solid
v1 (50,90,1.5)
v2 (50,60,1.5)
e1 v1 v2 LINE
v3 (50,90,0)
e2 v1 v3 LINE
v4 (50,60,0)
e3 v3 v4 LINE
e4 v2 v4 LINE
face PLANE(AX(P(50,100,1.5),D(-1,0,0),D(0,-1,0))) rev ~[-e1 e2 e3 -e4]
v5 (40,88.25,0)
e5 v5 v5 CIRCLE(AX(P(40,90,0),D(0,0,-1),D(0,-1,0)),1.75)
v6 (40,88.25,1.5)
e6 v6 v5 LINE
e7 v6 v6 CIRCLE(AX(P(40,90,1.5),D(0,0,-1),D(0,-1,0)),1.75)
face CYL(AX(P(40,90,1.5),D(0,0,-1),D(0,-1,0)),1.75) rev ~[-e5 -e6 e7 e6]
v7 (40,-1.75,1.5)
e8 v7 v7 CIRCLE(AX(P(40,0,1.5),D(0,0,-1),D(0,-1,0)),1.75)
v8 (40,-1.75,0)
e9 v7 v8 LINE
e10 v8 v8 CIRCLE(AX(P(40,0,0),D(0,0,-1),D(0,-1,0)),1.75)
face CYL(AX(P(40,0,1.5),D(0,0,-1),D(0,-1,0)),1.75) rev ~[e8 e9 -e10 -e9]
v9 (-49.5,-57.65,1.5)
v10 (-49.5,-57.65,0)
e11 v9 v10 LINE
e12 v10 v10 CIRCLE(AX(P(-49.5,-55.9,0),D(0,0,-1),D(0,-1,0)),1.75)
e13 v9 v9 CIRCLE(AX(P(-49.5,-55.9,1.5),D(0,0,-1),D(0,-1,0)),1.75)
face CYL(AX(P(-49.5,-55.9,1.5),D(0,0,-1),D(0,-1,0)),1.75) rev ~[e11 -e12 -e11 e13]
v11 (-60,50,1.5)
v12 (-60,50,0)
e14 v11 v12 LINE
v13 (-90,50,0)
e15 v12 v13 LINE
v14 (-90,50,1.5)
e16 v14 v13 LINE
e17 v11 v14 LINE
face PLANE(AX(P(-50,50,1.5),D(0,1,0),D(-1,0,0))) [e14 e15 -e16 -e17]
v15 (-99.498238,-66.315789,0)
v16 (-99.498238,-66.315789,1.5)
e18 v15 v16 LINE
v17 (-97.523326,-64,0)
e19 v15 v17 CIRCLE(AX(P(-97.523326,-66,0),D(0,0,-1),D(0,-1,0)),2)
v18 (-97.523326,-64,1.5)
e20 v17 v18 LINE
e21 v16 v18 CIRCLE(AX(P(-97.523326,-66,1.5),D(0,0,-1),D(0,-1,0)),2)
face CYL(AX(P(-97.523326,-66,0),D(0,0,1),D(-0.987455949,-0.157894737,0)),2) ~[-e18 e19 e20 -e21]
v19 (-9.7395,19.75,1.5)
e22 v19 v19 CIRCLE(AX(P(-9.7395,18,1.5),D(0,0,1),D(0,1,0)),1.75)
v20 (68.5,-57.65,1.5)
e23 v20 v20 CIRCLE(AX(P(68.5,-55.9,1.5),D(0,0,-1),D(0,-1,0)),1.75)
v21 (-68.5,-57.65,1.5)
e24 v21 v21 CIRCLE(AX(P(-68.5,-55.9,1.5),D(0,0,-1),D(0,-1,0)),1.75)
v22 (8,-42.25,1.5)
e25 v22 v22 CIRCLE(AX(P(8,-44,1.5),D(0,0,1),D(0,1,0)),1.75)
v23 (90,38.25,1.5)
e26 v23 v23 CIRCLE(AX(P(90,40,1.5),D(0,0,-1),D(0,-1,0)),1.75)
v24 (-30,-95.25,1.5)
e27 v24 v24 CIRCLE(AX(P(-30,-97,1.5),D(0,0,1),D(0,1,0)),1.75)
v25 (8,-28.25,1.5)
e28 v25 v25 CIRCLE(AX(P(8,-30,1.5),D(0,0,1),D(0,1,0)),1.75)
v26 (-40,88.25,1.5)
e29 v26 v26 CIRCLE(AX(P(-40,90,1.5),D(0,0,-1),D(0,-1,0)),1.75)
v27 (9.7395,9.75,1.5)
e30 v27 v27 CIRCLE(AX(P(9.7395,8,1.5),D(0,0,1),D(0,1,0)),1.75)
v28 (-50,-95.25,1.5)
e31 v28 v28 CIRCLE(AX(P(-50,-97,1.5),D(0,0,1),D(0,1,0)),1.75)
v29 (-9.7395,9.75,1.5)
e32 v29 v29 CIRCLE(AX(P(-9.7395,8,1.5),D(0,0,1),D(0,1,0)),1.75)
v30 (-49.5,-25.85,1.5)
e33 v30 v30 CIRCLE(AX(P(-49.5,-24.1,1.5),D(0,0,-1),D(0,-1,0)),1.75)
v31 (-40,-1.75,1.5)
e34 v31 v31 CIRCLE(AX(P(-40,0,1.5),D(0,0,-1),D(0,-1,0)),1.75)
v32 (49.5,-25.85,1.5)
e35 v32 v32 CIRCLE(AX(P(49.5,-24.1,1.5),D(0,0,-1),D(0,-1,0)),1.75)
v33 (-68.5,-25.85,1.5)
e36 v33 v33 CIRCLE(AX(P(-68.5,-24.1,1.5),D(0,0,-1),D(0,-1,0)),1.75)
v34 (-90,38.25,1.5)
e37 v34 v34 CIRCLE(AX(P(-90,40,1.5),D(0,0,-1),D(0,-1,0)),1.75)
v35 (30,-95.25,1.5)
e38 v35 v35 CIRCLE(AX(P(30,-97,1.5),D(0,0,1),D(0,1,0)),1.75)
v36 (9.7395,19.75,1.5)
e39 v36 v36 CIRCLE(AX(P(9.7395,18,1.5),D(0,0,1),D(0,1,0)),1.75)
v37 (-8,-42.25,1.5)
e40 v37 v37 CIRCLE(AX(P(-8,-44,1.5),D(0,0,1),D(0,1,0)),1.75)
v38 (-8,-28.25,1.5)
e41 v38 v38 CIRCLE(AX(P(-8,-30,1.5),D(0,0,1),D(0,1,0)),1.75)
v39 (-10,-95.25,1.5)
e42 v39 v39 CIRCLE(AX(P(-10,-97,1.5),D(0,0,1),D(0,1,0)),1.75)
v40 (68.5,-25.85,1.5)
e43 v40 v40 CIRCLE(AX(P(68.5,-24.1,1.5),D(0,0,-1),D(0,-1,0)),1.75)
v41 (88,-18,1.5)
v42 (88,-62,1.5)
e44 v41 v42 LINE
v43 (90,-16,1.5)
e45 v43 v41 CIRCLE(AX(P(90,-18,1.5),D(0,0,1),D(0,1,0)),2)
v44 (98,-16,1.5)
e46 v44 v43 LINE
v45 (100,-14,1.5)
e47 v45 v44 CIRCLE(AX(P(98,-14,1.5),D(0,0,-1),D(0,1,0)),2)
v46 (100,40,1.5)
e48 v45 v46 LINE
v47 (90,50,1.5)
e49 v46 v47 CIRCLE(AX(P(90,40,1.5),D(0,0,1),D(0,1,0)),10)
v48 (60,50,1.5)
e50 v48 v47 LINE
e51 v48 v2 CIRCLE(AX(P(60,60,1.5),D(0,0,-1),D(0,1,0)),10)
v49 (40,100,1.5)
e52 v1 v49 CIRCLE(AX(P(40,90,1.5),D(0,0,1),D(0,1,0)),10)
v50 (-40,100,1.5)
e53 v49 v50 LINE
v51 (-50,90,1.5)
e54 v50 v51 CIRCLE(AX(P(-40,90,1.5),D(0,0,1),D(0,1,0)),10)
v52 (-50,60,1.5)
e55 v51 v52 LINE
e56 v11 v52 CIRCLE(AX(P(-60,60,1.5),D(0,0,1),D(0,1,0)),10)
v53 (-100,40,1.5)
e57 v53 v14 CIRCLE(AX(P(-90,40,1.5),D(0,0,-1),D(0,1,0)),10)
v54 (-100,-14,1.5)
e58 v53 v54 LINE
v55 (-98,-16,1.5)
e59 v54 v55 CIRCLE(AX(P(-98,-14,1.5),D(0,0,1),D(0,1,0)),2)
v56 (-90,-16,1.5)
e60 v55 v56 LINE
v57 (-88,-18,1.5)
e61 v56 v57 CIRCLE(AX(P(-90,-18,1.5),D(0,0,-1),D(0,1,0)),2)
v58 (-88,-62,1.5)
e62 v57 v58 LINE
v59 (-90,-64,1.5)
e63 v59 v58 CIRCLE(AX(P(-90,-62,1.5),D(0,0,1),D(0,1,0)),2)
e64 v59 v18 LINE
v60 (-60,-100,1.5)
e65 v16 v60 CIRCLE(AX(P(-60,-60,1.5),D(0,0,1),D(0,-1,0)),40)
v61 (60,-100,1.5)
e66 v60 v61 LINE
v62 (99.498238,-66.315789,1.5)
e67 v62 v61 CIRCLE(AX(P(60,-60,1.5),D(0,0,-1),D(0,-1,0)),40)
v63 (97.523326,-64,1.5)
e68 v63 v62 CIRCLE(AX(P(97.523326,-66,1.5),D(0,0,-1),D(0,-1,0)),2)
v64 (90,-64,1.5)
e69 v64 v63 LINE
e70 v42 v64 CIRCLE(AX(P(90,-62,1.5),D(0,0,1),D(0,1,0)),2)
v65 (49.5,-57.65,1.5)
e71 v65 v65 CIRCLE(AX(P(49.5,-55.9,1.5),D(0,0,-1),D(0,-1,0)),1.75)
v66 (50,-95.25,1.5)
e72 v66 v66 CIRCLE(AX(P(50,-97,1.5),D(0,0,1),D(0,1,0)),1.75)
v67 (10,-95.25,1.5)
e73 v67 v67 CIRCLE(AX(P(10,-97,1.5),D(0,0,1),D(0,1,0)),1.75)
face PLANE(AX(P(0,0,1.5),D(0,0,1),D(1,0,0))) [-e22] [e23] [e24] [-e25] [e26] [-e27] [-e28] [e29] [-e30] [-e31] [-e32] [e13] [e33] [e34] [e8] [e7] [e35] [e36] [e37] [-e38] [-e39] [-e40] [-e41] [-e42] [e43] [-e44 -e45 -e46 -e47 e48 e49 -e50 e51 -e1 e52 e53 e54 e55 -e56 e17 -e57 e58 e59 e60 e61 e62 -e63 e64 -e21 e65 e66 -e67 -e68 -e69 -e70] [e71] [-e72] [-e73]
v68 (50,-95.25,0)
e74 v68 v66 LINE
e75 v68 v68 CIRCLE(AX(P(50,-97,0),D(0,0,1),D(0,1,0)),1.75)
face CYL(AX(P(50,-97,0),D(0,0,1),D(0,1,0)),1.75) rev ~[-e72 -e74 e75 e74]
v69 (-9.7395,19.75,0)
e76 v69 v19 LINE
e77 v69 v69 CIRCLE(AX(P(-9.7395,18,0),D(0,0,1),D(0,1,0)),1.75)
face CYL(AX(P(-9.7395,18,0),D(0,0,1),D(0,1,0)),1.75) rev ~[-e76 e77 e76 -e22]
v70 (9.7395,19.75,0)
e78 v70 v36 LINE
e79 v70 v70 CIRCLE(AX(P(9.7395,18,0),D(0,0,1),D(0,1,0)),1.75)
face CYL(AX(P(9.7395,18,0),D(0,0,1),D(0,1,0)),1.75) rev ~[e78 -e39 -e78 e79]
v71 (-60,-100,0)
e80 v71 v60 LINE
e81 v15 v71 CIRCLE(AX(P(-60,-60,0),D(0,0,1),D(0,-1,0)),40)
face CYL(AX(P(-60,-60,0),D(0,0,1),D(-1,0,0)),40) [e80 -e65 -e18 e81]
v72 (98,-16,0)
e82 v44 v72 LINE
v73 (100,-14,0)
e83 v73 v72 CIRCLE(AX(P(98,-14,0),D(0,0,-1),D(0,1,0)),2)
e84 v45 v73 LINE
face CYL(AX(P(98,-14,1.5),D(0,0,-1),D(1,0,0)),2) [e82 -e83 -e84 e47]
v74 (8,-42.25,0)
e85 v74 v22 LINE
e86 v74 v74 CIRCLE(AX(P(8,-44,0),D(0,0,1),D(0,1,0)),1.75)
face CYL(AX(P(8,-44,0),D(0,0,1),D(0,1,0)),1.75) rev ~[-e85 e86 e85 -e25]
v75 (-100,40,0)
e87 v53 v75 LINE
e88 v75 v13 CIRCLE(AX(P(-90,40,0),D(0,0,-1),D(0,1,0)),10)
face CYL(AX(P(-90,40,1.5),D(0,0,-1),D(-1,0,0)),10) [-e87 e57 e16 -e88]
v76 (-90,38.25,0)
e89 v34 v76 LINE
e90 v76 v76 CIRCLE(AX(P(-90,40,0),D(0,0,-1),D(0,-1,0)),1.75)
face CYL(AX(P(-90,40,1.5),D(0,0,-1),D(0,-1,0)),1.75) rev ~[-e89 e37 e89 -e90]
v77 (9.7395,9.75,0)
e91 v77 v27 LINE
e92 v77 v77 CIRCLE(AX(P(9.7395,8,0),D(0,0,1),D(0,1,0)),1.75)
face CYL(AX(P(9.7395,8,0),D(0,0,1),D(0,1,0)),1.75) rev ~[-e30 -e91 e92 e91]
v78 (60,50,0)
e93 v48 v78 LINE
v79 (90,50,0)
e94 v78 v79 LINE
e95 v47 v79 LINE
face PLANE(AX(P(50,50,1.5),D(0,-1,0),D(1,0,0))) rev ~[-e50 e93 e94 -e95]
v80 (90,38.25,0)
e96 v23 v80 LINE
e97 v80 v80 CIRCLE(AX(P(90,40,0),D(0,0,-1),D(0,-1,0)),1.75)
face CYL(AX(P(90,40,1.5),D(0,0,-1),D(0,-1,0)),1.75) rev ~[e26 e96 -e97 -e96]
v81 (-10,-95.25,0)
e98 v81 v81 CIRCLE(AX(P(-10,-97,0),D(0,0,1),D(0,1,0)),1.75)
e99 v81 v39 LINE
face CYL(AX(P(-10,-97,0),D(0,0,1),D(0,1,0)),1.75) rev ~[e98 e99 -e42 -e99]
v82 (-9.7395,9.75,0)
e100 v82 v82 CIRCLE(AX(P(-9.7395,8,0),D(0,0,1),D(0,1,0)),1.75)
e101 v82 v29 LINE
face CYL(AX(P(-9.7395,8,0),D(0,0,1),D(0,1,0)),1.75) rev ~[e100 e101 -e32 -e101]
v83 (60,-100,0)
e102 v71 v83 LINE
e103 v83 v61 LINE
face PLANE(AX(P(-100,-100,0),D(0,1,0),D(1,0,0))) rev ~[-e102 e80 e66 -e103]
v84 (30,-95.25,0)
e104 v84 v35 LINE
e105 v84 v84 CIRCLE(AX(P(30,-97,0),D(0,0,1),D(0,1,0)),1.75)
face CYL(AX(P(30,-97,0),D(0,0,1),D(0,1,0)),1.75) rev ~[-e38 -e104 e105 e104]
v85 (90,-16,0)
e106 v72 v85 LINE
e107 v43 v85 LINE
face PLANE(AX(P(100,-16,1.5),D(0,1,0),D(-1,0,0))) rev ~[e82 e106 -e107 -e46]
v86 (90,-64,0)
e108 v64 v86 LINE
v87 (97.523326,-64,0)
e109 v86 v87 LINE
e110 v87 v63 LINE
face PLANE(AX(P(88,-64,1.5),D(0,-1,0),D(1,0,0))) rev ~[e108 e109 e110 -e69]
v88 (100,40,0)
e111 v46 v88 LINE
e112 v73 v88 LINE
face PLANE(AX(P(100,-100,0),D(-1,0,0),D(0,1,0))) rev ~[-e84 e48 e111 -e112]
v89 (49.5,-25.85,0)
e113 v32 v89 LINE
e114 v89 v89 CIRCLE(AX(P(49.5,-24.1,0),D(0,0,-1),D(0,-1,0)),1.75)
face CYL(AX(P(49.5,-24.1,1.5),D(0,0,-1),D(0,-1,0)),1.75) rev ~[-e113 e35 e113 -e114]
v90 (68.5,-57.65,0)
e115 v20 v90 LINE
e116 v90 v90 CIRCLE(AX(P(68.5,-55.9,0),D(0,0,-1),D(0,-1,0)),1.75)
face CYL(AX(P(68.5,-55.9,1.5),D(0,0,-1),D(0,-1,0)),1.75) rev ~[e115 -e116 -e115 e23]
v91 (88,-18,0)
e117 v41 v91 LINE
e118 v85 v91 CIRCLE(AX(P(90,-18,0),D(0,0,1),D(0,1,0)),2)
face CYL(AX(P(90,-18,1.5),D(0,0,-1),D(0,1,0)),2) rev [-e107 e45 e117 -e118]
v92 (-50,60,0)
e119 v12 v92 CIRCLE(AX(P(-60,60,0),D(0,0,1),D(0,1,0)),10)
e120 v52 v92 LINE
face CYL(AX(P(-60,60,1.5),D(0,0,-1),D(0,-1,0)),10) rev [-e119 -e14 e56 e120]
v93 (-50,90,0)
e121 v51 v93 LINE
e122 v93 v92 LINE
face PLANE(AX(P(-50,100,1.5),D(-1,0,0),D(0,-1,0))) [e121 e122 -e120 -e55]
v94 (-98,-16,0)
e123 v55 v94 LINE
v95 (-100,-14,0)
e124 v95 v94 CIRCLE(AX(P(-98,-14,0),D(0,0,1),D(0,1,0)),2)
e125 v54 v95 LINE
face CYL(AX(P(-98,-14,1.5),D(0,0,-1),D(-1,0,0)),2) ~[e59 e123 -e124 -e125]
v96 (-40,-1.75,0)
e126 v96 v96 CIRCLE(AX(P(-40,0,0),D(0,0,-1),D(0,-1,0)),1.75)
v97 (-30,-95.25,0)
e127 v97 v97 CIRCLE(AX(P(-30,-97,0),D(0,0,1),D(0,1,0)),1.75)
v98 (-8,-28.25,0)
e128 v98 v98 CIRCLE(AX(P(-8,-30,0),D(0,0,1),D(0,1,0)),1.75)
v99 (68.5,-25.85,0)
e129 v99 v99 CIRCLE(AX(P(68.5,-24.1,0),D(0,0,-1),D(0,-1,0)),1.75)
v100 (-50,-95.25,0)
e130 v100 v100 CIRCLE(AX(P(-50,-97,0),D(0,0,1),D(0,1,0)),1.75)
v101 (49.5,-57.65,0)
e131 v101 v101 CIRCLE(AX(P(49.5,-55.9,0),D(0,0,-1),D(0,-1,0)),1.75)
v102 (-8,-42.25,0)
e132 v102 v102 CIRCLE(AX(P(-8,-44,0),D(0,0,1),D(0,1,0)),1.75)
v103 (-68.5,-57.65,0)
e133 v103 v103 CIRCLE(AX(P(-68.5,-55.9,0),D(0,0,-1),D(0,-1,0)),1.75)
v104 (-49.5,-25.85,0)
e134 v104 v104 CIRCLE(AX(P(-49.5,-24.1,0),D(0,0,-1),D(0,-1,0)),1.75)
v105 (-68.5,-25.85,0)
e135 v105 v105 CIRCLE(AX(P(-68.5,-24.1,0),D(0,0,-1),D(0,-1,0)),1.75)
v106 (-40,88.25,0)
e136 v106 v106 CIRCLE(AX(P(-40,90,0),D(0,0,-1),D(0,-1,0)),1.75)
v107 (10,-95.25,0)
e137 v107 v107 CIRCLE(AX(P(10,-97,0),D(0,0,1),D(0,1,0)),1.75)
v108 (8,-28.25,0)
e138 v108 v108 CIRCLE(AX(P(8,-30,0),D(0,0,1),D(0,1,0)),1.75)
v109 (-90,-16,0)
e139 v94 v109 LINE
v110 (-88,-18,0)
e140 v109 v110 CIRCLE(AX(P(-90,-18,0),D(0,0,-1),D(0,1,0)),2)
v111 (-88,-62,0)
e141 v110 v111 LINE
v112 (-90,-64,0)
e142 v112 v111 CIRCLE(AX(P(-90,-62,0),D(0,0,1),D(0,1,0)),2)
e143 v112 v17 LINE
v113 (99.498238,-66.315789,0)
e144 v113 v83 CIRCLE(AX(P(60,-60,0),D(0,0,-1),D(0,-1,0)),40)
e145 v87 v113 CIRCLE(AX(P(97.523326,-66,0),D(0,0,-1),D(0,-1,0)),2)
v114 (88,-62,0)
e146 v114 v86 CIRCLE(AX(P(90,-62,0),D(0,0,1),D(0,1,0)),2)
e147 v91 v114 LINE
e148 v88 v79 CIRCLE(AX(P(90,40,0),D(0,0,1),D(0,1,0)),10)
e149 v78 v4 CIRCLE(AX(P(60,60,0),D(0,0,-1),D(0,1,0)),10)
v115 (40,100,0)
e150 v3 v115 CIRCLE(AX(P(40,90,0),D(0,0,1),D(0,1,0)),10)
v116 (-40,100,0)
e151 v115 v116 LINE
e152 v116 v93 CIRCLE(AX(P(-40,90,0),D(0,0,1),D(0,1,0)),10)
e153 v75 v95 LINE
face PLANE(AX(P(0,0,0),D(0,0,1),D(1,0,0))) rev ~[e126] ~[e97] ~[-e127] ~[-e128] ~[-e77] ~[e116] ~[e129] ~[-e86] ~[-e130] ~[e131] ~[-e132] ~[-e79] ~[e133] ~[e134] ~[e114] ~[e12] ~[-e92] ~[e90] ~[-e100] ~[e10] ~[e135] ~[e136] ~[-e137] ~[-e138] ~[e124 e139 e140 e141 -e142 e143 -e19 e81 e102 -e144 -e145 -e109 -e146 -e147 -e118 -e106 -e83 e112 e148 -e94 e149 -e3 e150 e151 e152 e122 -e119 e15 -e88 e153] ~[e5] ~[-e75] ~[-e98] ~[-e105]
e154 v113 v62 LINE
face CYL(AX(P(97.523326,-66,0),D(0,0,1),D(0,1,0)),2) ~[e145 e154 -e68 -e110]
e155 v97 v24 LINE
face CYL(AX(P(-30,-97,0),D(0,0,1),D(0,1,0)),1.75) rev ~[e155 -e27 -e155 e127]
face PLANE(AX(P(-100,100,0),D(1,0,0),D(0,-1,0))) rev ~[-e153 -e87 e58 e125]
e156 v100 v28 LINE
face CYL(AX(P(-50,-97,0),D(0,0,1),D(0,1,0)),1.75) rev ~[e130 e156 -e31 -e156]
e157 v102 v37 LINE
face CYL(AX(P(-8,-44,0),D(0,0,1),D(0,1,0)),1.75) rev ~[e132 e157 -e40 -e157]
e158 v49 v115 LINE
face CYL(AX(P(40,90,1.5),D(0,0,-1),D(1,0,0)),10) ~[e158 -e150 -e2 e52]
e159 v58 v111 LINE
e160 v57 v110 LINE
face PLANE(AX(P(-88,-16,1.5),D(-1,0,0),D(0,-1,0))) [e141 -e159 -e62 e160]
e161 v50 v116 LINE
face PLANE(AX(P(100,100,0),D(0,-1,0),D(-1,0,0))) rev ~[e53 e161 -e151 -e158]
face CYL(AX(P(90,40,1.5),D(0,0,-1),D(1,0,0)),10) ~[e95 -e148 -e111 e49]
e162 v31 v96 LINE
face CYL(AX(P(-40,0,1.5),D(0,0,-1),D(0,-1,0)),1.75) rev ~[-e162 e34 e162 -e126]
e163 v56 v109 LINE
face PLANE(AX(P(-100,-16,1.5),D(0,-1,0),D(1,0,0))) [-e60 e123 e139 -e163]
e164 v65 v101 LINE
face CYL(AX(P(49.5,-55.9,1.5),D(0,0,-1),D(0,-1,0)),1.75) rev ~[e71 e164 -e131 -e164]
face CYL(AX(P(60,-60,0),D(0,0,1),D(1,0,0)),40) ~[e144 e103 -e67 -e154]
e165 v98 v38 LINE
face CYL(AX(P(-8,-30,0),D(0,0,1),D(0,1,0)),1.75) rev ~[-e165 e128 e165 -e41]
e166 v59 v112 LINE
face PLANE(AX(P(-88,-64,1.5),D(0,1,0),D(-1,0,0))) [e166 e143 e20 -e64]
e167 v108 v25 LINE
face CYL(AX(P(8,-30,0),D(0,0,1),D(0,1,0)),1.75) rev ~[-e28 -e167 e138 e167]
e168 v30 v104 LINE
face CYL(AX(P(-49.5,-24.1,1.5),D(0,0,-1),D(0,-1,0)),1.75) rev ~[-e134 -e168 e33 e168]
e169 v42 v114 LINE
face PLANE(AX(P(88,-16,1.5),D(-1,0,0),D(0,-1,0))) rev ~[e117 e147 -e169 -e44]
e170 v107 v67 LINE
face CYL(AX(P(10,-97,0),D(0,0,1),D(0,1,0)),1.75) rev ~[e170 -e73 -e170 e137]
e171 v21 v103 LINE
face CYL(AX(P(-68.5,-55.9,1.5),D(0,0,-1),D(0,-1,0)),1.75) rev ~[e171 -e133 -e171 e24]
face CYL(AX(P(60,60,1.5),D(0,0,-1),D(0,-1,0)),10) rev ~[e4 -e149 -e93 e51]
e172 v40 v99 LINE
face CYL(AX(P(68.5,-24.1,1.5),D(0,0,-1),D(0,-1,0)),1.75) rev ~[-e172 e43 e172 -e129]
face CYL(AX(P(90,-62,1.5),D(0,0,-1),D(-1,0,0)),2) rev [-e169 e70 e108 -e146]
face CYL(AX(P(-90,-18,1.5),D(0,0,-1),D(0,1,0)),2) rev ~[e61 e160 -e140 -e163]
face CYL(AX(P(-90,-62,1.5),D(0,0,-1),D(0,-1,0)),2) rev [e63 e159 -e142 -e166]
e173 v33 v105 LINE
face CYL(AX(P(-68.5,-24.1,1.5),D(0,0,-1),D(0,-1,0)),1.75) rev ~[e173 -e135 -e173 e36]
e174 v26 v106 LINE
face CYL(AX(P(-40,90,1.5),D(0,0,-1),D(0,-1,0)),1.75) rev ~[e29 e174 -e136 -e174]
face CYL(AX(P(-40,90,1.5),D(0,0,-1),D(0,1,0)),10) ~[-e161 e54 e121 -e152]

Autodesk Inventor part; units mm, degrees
ref_plane "YZ Plane" through (0, 0, 0) normal (1, 0, 0) x (0, 1, 0)
ref_plane "XZ Plane" through (0, 0, 0) normal (0, 1, 0) x (-1, 0, 0)
ref_plane "XY Plane" through (0, 0, 0) normal (0, 0, 1) x (1, 0, 0)
sketch "スケッチ1" plane through (0, 0, 0) normal (0, 0, 1) x (1, 0, 0)
  line L0 (-100, -100) -> (100, -100)
  line L1 (100, -100) -> (100, 100)
  line L2 (100, 100) -> (-100, 100)
  line L3 (-100, 100) -> (-100, -100)
  line L4 (-100, -100) -> (100, 100) construction
  line L5 (100, -100) -> (-100, 100) construction
  point P0 (0, 0)
  dimension "d0" = 200
  dimension "d1" = 200
extrude "押し出し1" add sketch "スケッチ1" along normal blind 1.5
fillet "フィレット1" radius 40 2 edges at (-100, -100, 0.75) (100, -100, 0.75)
sketch "スケッチ3" plane through (0, 0, 0) normal (0, 0, -1) x (-1, 0, 0)
  point P0 (0, 0)
sketch "スケッチ4" plane through (0, 0, 1.5) normal (0, 0, 1) x (1, 0, 0)
  line L0 (100, -60) -> (100, 100) projected
  line L1 (100, 100) -> (50, 100)
  line L2 (50, 100) -> (50, 50)
  line L3 (50, 50) -> (100, 50)
  line L4 (100, 50) -> (100, 100)
  line L5 (100, 100) -> (-100, 100) projected
  line L6 (-100, 100) -> (-50, 100)
  line L7 (-50, 100) -> (-50, 50)
  line L8 (-50, 50) -> (-100, 50)
  line L9 (-100, 50) -> (-100, 100)
  point P0 (0, 0)
  dimension "d13" = 50
  dimension "d14" = 50
  dimension "d15" = 50
  dimension "d16" = 50
extrude "押し出し2" cut sketch "スケッチ4" against normal through all
sketch "スケッチ5" plane through (0, 0, 1.5) normal (0, 0, 1) x (1, 0, 0)
  line L0 (-100, 50) -> (-100, -60) projected
  line L1 (-88, -64) -> (-100, -64)
  line L2 (-100, -64) -> (-100, -16)
  line L3 (-100, -16) -> (-88, -16)
  line L4 (-88, -16) -> (-88, -64)
  line L5 (-60, -100) -> (60, -100) projected
  line L6 (100, -60) -> (100, 50) projected
  line L7 (88, -64) -> (100, -64)
  line L8 (100, -64) -> (100, -16)
  line L9 (100, -16) -> (88, -16)
  line L10 (88, -16) -> (88, -64)
  point P0 (0, 0)
  dimension "d19" = 12
  dimension "d20" = 36
  dimension "d21" = 48
  dimension "d24" = 36
  dimension "d25" = 48
  dimension "d26" = 12
extrude "押し出し3" cut sketch "スケッチ5" against normal through all
fillet "フィレット2" radius 2 8 edges at (99.7995, -64, 0.75) (88, -64, 0.75) (100, -16, 0.75) (88, -16, 0.75) (-100, -16, 0.75) (-88, -16, 0.75) (-99.7995, -64, 0.75) (-88, -64, 0.75)
sketch "スケッチ6" plane through (0, 0, 1.5) normal (0, 0, 1) x (1, 0, 0)
  point P0 (0, 0)
fillet "フィレット3" radius 10 6 edges at (50, 100, 0.75) (50, 50, 0.75) (100, 50, 0.75) (-100, 50, 0.75) (-50, 50, 0.75) (-50, 100, 0.75)
sketch "スケッチ7" plane through (0, 0, 1.5) normal (0, 0, 1) x (1, 0, 0)
  line L0 (-100, 40) -> (-100, -14) projected
  line L1 (-60, 50) -> (-90, 50) projected
  line L2 (90, 50) -> (60, 50) projected
  line L3 (100, -14) -> (100, 40) projected
  line L4 (40, 100) -> (-40, 100) projected
  line L5 (50, 60) -> (50, 90) projected
  line L6 (-50, 90) -> (-50, 60) projected
  point P0 (0, 0)
  point P1 (-90, 40)
  point P2 (90, 40)
  point P3 (-40, 90)
  point P4 (40, 90)
  point P5 (40, 0)
  point P6 (-40, 0)
  dimension "d29" = 10
  dimension "d30" = 10
  dimension "d31" = 10
  dimension "d32" = 10
  dimension "d33" = 10
  dimension "d34" = 10
  dimension "d35" = 10
  dimension "d36" = 10
  dimension "d37" = 50
  dimension "d38" = 50
hole "穴2" at (-90, 40, 1.5) at (90, 40, 1.5) at (-40, 90, 1.5) at (40, 90, 1.5) at (40, 0, 1.5) at (-40, 0, 1.5) direction (0, 0, -1) diameter 3.5 end through all
sketch "スケッチ8" plane through (0, 0, 1.5) normal (0, 0, 1) x (1, 0, 0)
  circle A0 centre (68.5, -55.9) radius 2.15 projected
  circle A1 centre (49.5, -55.9) radius 2.15 projected
  circle A2 centre (49.5, -24.1) radius 2.15 projected
  circle A3 centre (68.5, -24.1) radius 2.15 projected
  circle A4 centre (-49.5, -24.1) radius 2.15 projected
  circle A5 centre (-68.5, -24.1) radius 2.15 projected
  circle A6 centre (-49.5, -55.9) radius 2.15 projected
  circle A7 centre (-68.5, -55.9) radius 2.15 projected
  point P0 (0, 0)
hole "穴3" at (49.5, -55.9, 1.5) at (68.5, -55.9, 1.5) at (49.5, -24.1, 1.5) at (68.5, -24.1, 1.5) at (-49.5, -55.9, 1.5) at (-49.5, -24.1, 1.5) at (-68.5, -24.1, 1.5) at (-68.5, -55.9, 1.5) direction (0, 0, -1) diameter 3.5 end through all
sketch "スケッチ9" plane through (0, 0, 0) normal (0, 0, -1) x (-1, 0, 0)
  line L0 (0, 0) -> (0, -75.963)
  line L1 (60, -100) -> (-60, -100) projected
  point P0 (8, -44)
  point P1 (-8, -44)
  point P2 (8, -30)
  point P3 (-8, -30)
  dimension "d53" = 14
  dimension "d54" = 16
  dimension "d62" = 56
hole "穴4" at (-8, -44, 0) at (8, -44, 0) at (-8, -30, 0) at (8, -30, 0) direction (0, 0, 1) diameter 3.5 end through all
sketch "スケッチ10" plane through (0, 0, 0) normal (0, 0, -1) x (-1, 0, 0)
  line L0 (0, 0) -> (0, -140.1942)
  line L1 (60, -100) -> (-60, -100) projected
  point P0 (-10, -97)
  point P1 (10, -97)
  point P2 (-30, -97)
  point P3 (-50, -97)
  point P4 (30, -97)
  point P5 (50, -97)
  dimension "d63" = 10
  dimension "d64" = 3
  dimension "d65" = 20
  dimension "d66" = 20
hole "穴5" at (10, -97, 0) at (-10, -97, 0) at (30, -97, 0) at (50, -97, 0) at (-30, -97, 0) at (-50, -97, 0) direction (0, 0, 1) diameter 3.5 end through all
sketch "スケッチ11" plane through (0, 0, 0) normal (0, 0, -1) x (-1, 0, 0)
  circle A0 centre (-9.7395, 8) radius 2.25 projected
  circle A1 centre (-9.7395, 18) radius 2.25 projected
  circle A2 centre (9.7395, 18) radius 2.25 projected
  circle A3 centre (9.7395, 8) radius 2.25 projected
  arc A4 (15, 20) -> (13, 22) centre (13, 20) ccw projected
  line L0 (14, 4) -> (-14, 4) projected
  arc A5 (-13, 22) -> (-15, 20) centre (-13, 20) ccw projected
  line L1 (-13, 22) -> (13, 22) projected
  line L2 (15, 20) -> (15, 3) projected
  arc A6 (15, 3) -> (14, 4) centre (14, 3) ccw projected
  arc A7 (-14, 4) -> (-15, 3) centre (-14, 3) ccw projected
  line L3 (-15, 3) -> (-15, 20) projected
  point P0 (0, 0)
  point P1 (15, 4)
  point P2 (-15, 4)
hole "穴6" at (9.7395, 8, 0) at (-9.7395, 8, 0) at (-9.7395, 18, 0) at (9.7395, 18, 0) direction (0, 0, 1) diameter 3.5 end through all
properties part number "台車土台" material "アルミニウム 6061"
